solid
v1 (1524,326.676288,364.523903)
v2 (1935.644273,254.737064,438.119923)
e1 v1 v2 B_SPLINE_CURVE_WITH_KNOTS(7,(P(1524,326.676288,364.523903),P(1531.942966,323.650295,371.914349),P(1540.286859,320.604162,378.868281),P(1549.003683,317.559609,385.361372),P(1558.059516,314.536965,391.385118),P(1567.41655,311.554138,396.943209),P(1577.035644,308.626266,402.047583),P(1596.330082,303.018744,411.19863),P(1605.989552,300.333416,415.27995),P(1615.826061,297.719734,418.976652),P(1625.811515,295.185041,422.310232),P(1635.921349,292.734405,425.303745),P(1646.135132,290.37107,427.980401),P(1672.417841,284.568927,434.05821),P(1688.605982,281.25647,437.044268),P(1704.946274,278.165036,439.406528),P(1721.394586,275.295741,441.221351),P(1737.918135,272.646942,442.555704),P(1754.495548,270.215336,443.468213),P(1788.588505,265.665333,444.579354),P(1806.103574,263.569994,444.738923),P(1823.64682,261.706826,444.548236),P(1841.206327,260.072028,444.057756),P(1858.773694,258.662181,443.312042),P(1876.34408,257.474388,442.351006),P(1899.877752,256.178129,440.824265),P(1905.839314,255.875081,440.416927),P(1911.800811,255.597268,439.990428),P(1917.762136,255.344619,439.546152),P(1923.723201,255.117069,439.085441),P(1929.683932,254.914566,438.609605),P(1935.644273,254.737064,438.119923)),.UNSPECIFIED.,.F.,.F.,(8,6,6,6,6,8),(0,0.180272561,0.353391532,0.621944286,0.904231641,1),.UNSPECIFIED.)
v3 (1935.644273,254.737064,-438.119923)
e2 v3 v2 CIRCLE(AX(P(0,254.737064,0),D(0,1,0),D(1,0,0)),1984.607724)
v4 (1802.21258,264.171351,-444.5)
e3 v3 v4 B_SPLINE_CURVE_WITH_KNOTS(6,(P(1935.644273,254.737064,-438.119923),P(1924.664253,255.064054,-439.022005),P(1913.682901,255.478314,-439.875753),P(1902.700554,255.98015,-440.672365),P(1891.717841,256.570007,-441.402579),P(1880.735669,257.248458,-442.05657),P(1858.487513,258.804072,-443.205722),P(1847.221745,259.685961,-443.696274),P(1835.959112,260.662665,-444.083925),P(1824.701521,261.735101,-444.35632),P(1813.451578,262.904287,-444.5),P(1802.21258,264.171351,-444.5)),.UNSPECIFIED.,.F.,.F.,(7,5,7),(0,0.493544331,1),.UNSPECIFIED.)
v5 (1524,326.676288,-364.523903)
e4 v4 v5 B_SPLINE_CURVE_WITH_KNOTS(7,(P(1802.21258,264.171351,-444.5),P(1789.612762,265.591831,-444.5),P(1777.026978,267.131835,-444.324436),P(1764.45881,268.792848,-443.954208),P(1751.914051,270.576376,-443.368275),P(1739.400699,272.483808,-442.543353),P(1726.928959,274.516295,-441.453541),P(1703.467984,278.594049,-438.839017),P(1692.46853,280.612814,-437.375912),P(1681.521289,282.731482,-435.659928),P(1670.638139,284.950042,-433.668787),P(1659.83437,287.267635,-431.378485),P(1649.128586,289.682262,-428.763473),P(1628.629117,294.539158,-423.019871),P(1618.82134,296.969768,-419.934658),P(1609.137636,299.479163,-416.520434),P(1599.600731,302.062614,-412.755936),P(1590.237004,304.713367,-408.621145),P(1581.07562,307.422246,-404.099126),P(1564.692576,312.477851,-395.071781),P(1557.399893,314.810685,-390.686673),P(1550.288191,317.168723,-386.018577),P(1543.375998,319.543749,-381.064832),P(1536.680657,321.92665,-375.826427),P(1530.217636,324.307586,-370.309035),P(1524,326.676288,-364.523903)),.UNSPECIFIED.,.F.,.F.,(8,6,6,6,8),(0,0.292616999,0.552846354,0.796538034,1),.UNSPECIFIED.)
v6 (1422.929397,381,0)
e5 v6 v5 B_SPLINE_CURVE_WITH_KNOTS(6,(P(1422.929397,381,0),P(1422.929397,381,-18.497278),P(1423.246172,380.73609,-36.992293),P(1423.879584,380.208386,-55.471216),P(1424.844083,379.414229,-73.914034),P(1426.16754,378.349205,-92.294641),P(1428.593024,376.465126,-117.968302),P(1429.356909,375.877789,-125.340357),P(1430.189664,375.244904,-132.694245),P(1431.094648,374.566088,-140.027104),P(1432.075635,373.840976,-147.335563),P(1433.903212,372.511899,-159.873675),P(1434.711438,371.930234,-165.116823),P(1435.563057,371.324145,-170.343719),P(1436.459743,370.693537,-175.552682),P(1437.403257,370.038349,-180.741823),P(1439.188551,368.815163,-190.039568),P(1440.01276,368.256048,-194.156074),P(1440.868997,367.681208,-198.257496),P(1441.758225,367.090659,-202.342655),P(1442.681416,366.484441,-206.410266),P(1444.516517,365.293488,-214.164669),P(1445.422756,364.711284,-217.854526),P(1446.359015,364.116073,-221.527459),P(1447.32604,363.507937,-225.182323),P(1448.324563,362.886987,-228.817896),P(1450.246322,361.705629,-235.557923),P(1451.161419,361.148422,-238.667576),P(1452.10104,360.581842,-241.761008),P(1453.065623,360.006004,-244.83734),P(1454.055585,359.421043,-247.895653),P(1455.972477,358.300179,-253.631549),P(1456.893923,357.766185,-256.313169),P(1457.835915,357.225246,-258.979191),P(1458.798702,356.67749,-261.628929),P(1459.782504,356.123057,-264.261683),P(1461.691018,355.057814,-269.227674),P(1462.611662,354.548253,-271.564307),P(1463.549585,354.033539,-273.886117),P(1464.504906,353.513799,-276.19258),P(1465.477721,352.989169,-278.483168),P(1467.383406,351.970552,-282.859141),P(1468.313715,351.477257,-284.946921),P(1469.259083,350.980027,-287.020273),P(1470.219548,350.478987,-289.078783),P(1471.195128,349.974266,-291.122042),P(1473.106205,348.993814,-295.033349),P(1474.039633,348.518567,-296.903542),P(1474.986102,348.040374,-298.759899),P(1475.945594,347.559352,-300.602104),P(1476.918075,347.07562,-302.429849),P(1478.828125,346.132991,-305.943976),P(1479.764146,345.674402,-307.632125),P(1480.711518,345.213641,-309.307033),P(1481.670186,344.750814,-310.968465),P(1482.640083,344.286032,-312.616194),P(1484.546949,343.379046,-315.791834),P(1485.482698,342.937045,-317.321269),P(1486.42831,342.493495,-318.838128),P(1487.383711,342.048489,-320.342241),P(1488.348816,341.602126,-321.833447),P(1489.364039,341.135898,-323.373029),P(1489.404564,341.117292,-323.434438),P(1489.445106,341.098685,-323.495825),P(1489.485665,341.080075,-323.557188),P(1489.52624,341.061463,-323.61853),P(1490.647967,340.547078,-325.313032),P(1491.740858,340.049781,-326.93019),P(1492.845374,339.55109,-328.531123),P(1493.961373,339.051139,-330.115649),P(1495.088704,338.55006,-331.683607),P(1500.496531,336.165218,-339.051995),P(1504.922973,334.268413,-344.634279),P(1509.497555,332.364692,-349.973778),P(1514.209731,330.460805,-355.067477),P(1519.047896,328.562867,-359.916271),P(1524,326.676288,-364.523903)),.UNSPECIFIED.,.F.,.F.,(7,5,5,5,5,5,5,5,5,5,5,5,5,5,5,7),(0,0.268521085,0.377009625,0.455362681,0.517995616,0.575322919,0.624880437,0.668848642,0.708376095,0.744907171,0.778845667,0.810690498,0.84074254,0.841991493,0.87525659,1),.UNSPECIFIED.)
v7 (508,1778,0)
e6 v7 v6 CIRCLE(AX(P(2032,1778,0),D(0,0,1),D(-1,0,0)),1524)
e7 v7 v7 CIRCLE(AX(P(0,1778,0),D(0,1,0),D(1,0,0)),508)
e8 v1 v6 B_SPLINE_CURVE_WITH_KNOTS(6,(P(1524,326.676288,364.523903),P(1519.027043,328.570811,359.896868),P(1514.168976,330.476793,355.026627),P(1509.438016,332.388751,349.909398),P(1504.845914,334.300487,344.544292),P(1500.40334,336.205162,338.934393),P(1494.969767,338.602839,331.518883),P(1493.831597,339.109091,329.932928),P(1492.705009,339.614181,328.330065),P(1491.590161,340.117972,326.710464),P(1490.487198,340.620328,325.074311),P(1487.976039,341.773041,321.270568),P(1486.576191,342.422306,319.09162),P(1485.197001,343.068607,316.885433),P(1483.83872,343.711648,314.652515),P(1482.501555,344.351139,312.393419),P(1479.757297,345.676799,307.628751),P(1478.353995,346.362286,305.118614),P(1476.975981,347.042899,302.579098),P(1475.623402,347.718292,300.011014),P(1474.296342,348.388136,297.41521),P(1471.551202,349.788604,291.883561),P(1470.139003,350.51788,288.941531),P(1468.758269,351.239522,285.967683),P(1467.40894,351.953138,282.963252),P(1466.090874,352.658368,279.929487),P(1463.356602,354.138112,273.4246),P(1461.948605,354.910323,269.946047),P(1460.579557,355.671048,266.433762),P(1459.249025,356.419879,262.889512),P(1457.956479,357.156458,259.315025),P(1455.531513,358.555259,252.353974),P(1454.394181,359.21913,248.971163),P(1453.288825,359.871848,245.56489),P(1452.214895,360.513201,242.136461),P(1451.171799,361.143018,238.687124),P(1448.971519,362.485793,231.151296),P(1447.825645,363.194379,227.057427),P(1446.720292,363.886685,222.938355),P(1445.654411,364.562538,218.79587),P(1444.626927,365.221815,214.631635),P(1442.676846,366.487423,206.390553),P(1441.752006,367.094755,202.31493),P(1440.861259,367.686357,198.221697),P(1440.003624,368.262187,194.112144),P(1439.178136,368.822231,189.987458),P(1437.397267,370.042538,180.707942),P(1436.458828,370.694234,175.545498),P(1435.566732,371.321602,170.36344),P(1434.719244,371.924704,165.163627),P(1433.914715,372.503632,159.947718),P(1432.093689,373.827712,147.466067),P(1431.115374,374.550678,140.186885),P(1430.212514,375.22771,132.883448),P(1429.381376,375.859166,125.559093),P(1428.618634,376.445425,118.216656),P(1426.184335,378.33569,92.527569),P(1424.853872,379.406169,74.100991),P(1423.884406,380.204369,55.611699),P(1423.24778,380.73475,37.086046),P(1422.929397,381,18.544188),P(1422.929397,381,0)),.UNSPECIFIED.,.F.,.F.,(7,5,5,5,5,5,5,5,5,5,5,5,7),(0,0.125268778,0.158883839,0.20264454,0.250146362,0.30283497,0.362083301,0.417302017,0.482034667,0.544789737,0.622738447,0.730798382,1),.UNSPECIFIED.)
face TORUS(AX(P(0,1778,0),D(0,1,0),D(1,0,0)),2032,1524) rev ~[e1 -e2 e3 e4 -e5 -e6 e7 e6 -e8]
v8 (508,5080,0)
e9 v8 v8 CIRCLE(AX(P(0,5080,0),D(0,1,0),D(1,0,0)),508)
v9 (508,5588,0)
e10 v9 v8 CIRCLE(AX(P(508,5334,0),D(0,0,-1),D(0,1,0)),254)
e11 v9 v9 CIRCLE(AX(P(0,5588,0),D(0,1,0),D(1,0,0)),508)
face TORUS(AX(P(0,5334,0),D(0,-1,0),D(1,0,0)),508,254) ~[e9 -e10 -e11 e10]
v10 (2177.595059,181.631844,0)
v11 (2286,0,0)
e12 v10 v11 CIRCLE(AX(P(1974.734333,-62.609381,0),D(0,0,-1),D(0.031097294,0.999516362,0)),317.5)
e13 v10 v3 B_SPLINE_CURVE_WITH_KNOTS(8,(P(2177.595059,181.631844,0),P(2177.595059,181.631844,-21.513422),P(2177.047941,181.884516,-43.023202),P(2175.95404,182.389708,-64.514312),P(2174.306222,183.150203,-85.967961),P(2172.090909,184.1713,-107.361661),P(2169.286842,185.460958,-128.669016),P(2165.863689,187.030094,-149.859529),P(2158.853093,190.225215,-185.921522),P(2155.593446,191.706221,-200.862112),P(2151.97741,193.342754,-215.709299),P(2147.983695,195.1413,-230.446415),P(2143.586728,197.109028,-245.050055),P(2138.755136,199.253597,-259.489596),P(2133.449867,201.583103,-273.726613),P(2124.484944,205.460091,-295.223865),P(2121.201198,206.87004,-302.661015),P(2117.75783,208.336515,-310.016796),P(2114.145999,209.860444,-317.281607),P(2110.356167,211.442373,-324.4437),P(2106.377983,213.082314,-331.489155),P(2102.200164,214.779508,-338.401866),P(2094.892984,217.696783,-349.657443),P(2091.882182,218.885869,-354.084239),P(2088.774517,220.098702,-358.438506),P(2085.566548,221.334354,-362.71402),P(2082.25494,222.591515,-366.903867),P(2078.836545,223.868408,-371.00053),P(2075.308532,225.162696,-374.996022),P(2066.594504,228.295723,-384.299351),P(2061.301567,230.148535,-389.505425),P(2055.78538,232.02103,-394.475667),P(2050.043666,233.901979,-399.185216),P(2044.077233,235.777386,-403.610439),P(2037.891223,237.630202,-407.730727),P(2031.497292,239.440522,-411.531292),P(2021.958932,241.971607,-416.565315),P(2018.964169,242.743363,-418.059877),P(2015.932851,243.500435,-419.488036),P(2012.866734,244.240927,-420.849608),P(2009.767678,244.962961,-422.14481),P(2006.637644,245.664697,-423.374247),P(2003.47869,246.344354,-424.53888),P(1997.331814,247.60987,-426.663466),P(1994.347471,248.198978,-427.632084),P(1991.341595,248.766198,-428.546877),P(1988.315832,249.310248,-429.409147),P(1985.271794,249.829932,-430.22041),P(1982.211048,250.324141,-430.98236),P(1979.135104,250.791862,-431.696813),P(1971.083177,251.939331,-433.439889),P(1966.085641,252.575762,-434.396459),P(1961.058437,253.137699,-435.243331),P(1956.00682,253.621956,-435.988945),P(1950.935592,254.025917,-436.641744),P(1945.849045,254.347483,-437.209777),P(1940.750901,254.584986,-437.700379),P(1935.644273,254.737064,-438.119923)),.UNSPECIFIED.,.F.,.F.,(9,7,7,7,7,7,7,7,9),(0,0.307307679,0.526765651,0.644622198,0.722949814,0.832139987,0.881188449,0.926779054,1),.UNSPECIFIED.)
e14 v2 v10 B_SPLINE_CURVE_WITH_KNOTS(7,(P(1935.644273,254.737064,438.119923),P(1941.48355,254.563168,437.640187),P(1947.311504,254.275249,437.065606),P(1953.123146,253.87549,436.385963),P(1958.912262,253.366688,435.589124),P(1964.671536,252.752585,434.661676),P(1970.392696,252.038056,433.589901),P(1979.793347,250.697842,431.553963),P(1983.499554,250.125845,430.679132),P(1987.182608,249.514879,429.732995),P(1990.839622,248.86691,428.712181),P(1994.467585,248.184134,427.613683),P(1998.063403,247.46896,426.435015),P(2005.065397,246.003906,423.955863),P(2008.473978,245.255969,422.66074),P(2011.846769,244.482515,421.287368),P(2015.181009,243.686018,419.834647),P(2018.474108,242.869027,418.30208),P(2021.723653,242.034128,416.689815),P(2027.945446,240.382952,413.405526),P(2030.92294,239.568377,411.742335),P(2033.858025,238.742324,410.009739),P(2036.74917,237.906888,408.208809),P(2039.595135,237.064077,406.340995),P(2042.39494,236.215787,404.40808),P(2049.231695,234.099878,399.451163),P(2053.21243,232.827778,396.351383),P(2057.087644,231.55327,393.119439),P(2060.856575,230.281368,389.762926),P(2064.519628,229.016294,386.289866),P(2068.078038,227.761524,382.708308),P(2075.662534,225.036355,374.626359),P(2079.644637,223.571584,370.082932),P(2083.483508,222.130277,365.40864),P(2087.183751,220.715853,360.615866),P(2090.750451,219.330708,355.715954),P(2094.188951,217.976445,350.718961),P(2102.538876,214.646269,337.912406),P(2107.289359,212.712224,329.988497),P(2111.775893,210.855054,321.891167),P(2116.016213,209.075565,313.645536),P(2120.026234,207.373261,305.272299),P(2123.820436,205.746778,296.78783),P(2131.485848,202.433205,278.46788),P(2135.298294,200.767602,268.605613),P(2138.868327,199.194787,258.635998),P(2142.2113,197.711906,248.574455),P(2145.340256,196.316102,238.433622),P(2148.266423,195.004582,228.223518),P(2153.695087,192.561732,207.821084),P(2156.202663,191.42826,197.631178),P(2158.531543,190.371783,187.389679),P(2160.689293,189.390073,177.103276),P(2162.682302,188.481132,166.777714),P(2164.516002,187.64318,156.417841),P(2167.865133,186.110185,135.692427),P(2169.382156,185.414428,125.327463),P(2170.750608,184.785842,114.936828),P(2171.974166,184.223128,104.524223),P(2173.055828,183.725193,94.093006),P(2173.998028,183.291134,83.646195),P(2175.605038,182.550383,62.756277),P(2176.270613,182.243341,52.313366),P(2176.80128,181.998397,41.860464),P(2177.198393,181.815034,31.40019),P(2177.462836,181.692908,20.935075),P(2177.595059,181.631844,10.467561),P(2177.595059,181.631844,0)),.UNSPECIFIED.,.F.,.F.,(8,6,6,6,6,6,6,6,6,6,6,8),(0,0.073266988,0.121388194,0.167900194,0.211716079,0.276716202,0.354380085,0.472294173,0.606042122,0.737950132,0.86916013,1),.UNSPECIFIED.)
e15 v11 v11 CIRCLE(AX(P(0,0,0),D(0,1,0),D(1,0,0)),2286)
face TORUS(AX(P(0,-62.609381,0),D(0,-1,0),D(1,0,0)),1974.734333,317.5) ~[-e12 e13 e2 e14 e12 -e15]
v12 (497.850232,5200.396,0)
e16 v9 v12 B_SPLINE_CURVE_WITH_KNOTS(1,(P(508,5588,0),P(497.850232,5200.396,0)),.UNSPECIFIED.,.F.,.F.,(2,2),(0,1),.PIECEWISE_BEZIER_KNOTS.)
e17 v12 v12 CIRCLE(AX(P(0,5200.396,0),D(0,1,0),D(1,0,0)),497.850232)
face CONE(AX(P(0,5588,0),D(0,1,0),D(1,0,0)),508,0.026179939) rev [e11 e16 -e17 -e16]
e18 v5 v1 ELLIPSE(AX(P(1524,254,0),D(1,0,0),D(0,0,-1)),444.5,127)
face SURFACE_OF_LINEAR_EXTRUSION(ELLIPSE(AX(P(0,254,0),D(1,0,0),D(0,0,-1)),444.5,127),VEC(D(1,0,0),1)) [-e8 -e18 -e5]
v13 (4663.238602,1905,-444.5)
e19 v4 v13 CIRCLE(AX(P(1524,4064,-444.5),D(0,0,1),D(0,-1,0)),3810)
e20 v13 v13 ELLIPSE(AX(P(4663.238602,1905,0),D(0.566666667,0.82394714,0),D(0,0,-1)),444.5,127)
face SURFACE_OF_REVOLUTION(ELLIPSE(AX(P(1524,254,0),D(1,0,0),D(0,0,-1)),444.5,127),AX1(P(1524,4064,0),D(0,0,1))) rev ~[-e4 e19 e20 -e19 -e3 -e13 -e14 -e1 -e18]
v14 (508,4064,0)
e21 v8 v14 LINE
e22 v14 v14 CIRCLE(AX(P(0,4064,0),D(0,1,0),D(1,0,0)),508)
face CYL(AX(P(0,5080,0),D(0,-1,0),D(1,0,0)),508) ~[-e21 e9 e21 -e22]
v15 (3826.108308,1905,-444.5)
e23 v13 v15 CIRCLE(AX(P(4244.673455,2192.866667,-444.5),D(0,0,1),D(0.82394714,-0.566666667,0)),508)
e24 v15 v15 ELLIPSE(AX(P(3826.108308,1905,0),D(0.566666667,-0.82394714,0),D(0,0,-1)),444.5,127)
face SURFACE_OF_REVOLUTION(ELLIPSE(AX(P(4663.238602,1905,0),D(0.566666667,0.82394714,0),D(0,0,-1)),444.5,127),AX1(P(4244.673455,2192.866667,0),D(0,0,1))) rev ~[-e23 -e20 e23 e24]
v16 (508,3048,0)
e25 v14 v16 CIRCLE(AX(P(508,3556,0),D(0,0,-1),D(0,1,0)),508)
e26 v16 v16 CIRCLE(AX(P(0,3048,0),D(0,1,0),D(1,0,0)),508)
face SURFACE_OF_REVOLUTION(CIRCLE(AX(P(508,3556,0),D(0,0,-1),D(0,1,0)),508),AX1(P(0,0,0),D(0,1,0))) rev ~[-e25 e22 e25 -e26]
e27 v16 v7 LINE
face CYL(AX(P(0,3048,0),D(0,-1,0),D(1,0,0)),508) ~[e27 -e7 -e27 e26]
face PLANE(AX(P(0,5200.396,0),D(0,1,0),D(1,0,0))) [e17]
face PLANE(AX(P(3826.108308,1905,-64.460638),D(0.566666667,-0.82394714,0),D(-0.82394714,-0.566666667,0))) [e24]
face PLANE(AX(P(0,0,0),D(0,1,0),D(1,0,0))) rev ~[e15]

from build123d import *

# Parameters (mm, degrees)
SKETCH5_RX         = 444.5
SKETCH5_RY         = 127
SKETCH7_R          = 508
CUT_EXTRUDE1_DEPTH = 387.604
CUT_EXTRUDE1_TAPER = 1.5


with BuildPart() as part:
    # Sketch1 → Revolve1 (revolve)
    with BuildSketch(Plane.XY):
        with BuildLine():
            Line((0, 0), (0, 5588))
            Line((0, 5588), (508, 5588))
            ThreePointArc((508, 5588), (762, 5334), (508, 5080))
            Line((508, 5080), (508, 4064))
            ThreePointArc((508, 4064), (1016, 3556), (508, 3048))
            Line((508, 3048), (508, 1778))
            ThreePointArc((508, 1778), (937.741842902, 717.257295276), (1984.607723917, 254.737064008))
            ThreePointArc((1984.607723917, 254.737064008), (2179.686319037, 179.879656796), (2286, 0))
            Line((2286, 0), (0, 0))
        make_face()
    revolve(axis=Axis((0, 0, 0), (0, 1, 0)))

    # Sweep1: sweep along a path in Sketch2
    with BuildLine(Plane.XY) as sweep1_path:
        Line((0, 254), (1524, 254))
        ThreePointArc((1524, 254), (3297.458485559, 691.916815973), (4663.238601954, 1905))
        ThreePointArc((4663.238601954, 1905), (4244.673455027, 2700.866666667), (3826.1083081, 1905))
    # Sketch5 → Sweep1 (sweep)
    with BuildSketch(Plane(origin=(0, 0, 0), x_dir=(0, 0, -1), z_dir=(1, 0, 0))):
        with Locations((0, 254)):
            Ellipse(SKETCH5_RX, SKETCH5_RY)
    sweep(path=sweep1_path.line)

    # Sketch7 → Cut-Extrude1 (cut)
    with BuildSketch(Plane(origin=(0, 5588, 0), x_dir=(1, 0, 0), z_dir=(0, 1, 0))):
        Circle(SKETCH7_R)
    extrude(amount=-CUT_EXTRUDE1_DEPTH, taper=CUT_EXTRUDE1_TAPER, mode=Mode.SUBTRACT)


solid = part.part
